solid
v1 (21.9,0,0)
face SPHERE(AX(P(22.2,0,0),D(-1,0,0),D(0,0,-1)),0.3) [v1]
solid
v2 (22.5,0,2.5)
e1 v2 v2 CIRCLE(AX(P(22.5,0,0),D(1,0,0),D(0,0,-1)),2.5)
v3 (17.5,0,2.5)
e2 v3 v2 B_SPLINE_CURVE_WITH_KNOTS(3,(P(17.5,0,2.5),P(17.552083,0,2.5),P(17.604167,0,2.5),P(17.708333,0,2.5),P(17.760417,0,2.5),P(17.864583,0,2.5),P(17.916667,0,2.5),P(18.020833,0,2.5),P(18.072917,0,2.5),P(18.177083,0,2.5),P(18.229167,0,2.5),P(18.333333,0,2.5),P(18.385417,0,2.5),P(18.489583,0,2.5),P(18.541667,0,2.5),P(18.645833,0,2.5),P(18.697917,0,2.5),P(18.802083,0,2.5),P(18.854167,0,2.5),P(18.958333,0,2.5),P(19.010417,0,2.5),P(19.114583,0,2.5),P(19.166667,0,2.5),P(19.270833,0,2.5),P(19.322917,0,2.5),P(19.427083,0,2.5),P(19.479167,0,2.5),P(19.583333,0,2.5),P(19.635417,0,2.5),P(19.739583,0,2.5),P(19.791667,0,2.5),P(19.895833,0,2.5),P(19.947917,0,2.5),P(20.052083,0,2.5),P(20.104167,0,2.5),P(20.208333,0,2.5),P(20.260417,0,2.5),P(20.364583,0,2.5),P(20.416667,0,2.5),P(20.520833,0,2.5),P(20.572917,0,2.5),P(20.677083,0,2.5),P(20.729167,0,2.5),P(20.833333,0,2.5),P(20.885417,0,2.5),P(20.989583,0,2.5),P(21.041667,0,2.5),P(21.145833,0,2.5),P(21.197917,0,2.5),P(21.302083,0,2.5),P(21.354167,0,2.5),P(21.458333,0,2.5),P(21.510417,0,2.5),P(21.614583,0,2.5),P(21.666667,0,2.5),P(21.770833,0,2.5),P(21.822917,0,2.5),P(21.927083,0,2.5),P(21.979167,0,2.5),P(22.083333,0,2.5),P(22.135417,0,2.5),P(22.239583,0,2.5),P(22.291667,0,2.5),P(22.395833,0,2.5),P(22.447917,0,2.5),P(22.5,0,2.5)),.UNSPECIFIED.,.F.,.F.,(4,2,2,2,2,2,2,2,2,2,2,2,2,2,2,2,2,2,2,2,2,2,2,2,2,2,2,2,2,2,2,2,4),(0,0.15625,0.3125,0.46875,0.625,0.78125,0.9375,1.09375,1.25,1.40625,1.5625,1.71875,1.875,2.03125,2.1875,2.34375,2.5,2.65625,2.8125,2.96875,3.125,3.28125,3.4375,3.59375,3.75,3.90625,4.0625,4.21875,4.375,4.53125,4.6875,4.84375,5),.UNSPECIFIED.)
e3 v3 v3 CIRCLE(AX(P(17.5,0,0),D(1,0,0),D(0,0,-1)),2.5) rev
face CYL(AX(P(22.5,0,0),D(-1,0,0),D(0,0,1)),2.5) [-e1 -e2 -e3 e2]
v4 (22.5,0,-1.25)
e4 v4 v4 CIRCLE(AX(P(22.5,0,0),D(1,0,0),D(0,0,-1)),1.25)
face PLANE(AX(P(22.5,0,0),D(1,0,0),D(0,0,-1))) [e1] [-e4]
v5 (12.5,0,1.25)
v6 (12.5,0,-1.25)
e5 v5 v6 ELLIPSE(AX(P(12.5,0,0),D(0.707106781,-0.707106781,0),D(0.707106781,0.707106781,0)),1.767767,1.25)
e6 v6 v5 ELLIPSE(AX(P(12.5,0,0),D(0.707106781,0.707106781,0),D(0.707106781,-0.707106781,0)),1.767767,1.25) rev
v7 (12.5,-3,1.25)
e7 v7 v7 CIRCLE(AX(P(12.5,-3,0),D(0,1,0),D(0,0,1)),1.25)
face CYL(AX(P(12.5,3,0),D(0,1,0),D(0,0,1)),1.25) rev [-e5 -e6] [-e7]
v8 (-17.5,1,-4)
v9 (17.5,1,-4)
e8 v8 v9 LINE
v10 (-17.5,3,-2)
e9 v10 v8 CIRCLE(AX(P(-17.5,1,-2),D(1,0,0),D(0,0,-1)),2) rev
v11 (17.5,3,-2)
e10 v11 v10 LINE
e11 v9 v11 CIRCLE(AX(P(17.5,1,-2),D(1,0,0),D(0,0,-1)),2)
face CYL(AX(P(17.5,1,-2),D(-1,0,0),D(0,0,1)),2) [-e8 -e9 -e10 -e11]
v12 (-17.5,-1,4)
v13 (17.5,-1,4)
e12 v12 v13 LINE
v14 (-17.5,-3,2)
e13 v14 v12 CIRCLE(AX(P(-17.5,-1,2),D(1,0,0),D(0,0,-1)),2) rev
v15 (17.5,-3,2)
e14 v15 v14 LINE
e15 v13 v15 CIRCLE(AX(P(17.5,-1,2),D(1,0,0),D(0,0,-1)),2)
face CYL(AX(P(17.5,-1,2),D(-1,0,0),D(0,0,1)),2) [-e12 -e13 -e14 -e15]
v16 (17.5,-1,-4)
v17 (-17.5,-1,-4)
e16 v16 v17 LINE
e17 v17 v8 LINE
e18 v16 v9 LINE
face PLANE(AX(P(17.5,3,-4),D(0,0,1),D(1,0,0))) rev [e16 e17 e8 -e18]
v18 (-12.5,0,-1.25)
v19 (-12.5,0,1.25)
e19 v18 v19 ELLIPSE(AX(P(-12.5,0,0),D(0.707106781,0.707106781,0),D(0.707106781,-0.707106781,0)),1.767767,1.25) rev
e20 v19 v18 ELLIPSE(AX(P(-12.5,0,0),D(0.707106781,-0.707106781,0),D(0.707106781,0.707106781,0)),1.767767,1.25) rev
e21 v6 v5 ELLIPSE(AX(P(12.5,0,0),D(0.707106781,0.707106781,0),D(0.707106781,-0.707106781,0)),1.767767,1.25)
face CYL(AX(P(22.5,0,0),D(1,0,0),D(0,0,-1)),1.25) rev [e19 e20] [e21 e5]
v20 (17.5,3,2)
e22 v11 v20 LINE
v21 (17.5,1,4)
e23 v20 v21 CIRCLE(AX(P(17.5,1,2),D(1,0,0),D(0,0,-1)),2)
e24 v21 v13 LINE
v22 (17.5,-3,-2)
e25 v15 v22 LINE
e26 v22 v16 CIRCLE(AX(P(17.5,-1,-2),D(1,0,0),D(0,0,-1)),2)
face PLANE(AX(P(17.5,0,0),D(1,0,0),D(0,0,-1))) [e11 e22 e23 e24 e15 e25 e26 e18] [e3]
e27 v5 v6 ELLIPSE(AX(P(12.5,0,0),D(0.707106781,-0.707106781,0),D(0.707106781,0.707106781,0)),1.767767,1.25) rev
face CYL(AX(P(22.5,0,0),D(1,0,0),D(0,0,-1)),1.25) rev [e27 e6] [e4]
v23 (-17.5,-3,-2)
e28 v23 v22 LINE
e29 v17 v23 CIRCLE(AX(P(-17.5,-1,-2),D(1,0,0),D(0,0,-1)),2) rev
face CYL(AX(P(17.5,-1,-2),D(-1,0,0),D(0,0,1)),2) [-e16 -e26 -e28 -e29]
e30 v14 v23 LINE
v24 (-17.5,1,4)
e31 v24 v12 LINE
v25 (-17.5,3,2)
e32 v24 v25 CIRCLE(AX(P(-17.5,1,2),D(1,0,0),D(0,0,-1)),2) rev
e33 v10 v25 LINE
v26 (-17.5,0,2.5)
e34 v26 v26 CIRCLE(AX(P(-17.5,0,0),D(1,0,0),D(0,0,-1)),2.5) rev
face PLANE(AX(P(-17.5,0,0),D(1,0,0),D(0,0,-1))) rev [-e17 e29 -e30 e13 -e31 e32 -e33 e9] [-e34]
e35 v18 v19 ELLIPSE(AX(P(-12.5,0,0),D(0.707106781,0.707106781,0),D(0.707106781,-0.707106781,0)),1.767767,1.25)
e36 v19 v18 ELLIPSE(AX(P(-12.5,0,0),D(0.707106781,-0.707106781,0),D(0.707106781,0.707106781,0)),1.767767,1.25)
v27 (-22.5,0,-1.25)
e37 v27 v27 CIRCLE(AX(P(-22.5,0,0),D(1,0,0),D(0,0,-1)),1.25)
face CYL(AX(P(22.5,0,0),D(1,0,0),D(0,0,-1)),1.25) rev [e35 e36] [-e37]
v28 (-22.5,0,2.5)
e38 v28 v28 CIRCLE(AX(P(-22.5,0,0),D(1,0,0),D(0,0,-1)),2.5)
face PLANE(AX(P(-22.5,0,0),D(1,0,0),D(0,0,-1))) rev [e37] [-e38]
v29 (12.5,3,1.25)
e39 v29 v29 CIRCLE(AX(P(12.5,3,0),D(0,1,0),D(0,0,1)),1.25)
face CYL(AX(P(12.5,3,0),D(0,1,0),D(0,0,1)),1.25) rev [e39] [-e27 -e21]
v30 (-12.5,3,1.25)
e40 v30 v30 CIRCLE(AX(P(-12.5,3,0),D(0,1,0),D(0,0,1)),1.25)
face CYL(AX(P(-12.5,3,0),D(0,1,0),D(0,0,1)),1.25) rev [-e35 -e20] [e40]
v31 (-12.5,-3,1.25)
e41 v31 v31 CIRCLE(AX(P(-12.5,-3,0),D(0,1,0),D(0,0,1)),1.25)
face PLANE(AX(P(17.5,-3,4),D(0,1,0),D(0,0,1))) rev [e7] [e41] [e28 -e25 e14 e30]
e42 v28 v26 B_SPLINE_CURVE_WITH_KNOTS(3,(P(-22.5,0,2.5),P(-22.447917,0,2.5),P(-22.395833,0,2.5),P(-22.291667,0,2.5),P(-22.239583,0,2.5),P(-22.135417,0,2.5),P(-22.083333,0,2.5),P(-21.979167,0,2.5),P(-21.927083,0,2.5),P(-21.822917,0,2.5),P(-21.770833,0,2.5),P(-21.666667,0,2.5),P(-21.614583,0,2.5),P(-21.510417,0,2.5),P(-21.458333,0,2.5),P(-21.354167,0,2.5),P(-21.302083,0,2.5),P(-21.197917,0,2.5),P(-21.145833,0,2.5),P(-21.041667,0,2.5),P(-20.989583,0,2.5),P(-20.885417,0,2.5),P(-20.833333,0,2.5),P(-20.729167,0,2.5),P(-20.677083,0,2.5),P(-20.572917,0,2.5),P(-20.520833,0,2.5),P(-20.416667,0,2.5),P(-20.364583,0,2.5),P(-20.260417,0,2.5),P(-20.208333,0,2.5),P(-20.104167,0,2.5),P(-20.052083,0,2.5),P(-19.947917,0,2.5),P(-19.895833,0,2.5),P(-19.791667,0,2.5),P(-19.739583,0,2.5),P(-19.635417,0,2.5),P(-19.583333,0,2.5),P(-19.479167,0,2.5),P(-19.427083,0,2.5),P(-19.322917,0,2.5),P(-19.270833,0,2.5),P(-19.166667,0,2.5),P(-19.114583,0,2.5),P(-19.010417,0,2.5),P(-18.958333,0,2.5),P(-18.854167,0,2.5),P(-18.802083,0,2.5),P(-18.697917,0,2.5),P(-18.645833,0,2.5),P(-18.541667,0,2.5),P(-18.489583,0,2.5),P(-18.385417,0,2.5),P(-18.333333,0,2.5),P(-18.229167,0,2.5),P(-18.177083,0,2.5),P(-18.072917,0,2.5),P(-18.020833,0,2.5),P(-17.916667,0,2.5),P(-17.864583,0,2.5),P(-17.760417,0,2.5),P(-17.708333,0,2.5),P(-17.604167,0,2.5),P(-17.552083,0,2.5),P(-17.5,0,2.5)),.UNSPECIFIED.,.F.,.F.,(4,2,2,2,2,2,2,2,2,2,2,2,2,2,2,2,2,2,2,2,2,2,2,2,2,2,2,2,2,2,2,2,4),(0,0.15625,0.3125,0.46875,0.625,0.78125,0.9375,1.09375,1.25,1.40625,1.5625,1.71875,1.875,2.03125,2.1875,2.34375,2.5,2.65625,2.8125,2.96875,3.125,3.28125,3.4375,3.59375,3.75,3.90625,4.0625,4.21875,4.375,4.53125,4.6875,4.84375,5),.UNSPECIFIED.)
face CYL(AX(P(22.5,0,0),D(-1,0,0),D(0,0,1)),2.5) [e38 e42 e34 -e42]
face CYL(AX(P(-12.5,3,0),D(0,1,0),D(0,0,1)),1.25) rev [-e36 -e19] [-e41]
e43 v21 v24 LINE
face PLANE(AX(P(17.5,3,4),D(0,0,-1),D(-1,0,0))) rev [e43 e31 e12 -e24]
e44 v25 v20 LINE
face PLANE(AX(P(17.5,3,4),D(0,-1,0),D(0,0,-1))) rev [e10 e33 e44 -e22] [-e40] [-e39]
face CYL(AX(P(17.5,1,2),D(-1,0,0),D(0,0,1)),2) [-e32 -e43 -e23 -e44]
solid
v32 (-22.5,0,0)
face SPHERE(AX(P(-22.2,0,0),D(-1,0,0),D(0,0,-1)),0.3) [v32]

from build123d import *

# Parameters (mm, degrees)
SKETCH_1_W          = 8
SKETCH_1_H          = 6
EXTRUDE_1_DEPTH     = 17.5
SKETCH_2_R          = 2.5
EXTRUDE_2_DEPTH     = 22.5
FILLET_1_R          = 2
HOLE_WIZARD_M3_1_D  = 2.5
SKETCH_6_R          = 1
CUT_EXTRUDE_1_DEPTH = 24.627314701
HOLE_WIZARD_M3_2_D  = 2.5


with BuildPart() as part:
    # 草圖1 → 填料-伸長1 (new, symmetric)
    with BuildSketch(Plane(origin=(0, 0, 0), x_dir=(0, 0, -1), z_dir=(1, 0, 0))):
        Rectangle(SKETCH_1_W, SKETCH_1_H)
    extrude(amount=EXTRUDE_1_DEPTH, both=True)

    # 草圖2 → 填料-伸長2 (add, symmetric)
    with BuildSketch(Plane(origin=(0, 0, 0), x_dir=(0, 0, -1), z_dir=(1, 0, 0))):
        with Locations(Location((0, 0, 0), (0, 0, 180))):
            Circle(SKETCH_2_R)
    extrude(amount=EXTRUDE_2_DEPTH, both=True)

    # 圓角1
    fillet_1_edges = [part.edges().sort_by_distance(p)[0] for p in [
        (0, 3, 4),
        (0, 3, -4),
        (0, -3, -4),
        (0, -3, 4),
    ]]
    fillet(fillet_1_edges, radius=FILLET_1_R)

    # M3 螺紋孔1 (through all)
    with Locations(Plane(origin=(22.5, 0, 0), x_dir=(0, 0, -1), z_dir=(1, 0, 0))):
        with Locations((0, 0)):
            Hole(HOLE_WIZARD_M3_1_D / 2)

    # 草圖6 → 除料-伸長1 (cut, through all)
    with BuildSketch(Plane(origin=(0, 3, 0), x_dir=(1, 0, 0), z_dir=(0, 1, 0))):
        with Locations(Location((-12.5, 0, 0), (0, 0, 270))):
            Circle(SKETCH_6_R)
        with Locations(Location((12.5, 0, 0), (0, 0, 270))):
            Circle(SKETCH_6_R)
    extrude(amount=-CUT_EXTRUDE_1_DEPTH, mode=Mode.SUBTRACT)

    # M3 螺紋孔2 (through all)
    with Locations(Plane(origin=(-12.5, 3, 0), x_dir=(0, 0, 1), z_dir=(0, 1, 0))):
        with Locations((0, 0), (0, 25)):
            Hole(HOLE_WIZARD_M3_2_D / 2)


with BuildPart() as body_2:
    # 草圖10 → 旋轉1 (revolve)
    with BuildSketch(Plane(origin=(0, 0, 0), x_dir=(1, 0, 0), z_dir=(0, 1, 0))):
        with BuildLine():
            Line((21.9, 0), (22.5, 0))
            ThreePointArc((22.5, 0), (22.2, -0.3), (21.9, 0))
        make_face()
        with BuildLine():
            Line((-22.5, 0), (-21.9, 0))
            ThreePointArc((-21.9, 0), (-22.2, 0.3), (-22.5, 0))
        make_face()
    revolve(axis=Axis((-22.5, 0, 0), (1, 0, 0)))


solid = Compound([part.part, body_2.part])
